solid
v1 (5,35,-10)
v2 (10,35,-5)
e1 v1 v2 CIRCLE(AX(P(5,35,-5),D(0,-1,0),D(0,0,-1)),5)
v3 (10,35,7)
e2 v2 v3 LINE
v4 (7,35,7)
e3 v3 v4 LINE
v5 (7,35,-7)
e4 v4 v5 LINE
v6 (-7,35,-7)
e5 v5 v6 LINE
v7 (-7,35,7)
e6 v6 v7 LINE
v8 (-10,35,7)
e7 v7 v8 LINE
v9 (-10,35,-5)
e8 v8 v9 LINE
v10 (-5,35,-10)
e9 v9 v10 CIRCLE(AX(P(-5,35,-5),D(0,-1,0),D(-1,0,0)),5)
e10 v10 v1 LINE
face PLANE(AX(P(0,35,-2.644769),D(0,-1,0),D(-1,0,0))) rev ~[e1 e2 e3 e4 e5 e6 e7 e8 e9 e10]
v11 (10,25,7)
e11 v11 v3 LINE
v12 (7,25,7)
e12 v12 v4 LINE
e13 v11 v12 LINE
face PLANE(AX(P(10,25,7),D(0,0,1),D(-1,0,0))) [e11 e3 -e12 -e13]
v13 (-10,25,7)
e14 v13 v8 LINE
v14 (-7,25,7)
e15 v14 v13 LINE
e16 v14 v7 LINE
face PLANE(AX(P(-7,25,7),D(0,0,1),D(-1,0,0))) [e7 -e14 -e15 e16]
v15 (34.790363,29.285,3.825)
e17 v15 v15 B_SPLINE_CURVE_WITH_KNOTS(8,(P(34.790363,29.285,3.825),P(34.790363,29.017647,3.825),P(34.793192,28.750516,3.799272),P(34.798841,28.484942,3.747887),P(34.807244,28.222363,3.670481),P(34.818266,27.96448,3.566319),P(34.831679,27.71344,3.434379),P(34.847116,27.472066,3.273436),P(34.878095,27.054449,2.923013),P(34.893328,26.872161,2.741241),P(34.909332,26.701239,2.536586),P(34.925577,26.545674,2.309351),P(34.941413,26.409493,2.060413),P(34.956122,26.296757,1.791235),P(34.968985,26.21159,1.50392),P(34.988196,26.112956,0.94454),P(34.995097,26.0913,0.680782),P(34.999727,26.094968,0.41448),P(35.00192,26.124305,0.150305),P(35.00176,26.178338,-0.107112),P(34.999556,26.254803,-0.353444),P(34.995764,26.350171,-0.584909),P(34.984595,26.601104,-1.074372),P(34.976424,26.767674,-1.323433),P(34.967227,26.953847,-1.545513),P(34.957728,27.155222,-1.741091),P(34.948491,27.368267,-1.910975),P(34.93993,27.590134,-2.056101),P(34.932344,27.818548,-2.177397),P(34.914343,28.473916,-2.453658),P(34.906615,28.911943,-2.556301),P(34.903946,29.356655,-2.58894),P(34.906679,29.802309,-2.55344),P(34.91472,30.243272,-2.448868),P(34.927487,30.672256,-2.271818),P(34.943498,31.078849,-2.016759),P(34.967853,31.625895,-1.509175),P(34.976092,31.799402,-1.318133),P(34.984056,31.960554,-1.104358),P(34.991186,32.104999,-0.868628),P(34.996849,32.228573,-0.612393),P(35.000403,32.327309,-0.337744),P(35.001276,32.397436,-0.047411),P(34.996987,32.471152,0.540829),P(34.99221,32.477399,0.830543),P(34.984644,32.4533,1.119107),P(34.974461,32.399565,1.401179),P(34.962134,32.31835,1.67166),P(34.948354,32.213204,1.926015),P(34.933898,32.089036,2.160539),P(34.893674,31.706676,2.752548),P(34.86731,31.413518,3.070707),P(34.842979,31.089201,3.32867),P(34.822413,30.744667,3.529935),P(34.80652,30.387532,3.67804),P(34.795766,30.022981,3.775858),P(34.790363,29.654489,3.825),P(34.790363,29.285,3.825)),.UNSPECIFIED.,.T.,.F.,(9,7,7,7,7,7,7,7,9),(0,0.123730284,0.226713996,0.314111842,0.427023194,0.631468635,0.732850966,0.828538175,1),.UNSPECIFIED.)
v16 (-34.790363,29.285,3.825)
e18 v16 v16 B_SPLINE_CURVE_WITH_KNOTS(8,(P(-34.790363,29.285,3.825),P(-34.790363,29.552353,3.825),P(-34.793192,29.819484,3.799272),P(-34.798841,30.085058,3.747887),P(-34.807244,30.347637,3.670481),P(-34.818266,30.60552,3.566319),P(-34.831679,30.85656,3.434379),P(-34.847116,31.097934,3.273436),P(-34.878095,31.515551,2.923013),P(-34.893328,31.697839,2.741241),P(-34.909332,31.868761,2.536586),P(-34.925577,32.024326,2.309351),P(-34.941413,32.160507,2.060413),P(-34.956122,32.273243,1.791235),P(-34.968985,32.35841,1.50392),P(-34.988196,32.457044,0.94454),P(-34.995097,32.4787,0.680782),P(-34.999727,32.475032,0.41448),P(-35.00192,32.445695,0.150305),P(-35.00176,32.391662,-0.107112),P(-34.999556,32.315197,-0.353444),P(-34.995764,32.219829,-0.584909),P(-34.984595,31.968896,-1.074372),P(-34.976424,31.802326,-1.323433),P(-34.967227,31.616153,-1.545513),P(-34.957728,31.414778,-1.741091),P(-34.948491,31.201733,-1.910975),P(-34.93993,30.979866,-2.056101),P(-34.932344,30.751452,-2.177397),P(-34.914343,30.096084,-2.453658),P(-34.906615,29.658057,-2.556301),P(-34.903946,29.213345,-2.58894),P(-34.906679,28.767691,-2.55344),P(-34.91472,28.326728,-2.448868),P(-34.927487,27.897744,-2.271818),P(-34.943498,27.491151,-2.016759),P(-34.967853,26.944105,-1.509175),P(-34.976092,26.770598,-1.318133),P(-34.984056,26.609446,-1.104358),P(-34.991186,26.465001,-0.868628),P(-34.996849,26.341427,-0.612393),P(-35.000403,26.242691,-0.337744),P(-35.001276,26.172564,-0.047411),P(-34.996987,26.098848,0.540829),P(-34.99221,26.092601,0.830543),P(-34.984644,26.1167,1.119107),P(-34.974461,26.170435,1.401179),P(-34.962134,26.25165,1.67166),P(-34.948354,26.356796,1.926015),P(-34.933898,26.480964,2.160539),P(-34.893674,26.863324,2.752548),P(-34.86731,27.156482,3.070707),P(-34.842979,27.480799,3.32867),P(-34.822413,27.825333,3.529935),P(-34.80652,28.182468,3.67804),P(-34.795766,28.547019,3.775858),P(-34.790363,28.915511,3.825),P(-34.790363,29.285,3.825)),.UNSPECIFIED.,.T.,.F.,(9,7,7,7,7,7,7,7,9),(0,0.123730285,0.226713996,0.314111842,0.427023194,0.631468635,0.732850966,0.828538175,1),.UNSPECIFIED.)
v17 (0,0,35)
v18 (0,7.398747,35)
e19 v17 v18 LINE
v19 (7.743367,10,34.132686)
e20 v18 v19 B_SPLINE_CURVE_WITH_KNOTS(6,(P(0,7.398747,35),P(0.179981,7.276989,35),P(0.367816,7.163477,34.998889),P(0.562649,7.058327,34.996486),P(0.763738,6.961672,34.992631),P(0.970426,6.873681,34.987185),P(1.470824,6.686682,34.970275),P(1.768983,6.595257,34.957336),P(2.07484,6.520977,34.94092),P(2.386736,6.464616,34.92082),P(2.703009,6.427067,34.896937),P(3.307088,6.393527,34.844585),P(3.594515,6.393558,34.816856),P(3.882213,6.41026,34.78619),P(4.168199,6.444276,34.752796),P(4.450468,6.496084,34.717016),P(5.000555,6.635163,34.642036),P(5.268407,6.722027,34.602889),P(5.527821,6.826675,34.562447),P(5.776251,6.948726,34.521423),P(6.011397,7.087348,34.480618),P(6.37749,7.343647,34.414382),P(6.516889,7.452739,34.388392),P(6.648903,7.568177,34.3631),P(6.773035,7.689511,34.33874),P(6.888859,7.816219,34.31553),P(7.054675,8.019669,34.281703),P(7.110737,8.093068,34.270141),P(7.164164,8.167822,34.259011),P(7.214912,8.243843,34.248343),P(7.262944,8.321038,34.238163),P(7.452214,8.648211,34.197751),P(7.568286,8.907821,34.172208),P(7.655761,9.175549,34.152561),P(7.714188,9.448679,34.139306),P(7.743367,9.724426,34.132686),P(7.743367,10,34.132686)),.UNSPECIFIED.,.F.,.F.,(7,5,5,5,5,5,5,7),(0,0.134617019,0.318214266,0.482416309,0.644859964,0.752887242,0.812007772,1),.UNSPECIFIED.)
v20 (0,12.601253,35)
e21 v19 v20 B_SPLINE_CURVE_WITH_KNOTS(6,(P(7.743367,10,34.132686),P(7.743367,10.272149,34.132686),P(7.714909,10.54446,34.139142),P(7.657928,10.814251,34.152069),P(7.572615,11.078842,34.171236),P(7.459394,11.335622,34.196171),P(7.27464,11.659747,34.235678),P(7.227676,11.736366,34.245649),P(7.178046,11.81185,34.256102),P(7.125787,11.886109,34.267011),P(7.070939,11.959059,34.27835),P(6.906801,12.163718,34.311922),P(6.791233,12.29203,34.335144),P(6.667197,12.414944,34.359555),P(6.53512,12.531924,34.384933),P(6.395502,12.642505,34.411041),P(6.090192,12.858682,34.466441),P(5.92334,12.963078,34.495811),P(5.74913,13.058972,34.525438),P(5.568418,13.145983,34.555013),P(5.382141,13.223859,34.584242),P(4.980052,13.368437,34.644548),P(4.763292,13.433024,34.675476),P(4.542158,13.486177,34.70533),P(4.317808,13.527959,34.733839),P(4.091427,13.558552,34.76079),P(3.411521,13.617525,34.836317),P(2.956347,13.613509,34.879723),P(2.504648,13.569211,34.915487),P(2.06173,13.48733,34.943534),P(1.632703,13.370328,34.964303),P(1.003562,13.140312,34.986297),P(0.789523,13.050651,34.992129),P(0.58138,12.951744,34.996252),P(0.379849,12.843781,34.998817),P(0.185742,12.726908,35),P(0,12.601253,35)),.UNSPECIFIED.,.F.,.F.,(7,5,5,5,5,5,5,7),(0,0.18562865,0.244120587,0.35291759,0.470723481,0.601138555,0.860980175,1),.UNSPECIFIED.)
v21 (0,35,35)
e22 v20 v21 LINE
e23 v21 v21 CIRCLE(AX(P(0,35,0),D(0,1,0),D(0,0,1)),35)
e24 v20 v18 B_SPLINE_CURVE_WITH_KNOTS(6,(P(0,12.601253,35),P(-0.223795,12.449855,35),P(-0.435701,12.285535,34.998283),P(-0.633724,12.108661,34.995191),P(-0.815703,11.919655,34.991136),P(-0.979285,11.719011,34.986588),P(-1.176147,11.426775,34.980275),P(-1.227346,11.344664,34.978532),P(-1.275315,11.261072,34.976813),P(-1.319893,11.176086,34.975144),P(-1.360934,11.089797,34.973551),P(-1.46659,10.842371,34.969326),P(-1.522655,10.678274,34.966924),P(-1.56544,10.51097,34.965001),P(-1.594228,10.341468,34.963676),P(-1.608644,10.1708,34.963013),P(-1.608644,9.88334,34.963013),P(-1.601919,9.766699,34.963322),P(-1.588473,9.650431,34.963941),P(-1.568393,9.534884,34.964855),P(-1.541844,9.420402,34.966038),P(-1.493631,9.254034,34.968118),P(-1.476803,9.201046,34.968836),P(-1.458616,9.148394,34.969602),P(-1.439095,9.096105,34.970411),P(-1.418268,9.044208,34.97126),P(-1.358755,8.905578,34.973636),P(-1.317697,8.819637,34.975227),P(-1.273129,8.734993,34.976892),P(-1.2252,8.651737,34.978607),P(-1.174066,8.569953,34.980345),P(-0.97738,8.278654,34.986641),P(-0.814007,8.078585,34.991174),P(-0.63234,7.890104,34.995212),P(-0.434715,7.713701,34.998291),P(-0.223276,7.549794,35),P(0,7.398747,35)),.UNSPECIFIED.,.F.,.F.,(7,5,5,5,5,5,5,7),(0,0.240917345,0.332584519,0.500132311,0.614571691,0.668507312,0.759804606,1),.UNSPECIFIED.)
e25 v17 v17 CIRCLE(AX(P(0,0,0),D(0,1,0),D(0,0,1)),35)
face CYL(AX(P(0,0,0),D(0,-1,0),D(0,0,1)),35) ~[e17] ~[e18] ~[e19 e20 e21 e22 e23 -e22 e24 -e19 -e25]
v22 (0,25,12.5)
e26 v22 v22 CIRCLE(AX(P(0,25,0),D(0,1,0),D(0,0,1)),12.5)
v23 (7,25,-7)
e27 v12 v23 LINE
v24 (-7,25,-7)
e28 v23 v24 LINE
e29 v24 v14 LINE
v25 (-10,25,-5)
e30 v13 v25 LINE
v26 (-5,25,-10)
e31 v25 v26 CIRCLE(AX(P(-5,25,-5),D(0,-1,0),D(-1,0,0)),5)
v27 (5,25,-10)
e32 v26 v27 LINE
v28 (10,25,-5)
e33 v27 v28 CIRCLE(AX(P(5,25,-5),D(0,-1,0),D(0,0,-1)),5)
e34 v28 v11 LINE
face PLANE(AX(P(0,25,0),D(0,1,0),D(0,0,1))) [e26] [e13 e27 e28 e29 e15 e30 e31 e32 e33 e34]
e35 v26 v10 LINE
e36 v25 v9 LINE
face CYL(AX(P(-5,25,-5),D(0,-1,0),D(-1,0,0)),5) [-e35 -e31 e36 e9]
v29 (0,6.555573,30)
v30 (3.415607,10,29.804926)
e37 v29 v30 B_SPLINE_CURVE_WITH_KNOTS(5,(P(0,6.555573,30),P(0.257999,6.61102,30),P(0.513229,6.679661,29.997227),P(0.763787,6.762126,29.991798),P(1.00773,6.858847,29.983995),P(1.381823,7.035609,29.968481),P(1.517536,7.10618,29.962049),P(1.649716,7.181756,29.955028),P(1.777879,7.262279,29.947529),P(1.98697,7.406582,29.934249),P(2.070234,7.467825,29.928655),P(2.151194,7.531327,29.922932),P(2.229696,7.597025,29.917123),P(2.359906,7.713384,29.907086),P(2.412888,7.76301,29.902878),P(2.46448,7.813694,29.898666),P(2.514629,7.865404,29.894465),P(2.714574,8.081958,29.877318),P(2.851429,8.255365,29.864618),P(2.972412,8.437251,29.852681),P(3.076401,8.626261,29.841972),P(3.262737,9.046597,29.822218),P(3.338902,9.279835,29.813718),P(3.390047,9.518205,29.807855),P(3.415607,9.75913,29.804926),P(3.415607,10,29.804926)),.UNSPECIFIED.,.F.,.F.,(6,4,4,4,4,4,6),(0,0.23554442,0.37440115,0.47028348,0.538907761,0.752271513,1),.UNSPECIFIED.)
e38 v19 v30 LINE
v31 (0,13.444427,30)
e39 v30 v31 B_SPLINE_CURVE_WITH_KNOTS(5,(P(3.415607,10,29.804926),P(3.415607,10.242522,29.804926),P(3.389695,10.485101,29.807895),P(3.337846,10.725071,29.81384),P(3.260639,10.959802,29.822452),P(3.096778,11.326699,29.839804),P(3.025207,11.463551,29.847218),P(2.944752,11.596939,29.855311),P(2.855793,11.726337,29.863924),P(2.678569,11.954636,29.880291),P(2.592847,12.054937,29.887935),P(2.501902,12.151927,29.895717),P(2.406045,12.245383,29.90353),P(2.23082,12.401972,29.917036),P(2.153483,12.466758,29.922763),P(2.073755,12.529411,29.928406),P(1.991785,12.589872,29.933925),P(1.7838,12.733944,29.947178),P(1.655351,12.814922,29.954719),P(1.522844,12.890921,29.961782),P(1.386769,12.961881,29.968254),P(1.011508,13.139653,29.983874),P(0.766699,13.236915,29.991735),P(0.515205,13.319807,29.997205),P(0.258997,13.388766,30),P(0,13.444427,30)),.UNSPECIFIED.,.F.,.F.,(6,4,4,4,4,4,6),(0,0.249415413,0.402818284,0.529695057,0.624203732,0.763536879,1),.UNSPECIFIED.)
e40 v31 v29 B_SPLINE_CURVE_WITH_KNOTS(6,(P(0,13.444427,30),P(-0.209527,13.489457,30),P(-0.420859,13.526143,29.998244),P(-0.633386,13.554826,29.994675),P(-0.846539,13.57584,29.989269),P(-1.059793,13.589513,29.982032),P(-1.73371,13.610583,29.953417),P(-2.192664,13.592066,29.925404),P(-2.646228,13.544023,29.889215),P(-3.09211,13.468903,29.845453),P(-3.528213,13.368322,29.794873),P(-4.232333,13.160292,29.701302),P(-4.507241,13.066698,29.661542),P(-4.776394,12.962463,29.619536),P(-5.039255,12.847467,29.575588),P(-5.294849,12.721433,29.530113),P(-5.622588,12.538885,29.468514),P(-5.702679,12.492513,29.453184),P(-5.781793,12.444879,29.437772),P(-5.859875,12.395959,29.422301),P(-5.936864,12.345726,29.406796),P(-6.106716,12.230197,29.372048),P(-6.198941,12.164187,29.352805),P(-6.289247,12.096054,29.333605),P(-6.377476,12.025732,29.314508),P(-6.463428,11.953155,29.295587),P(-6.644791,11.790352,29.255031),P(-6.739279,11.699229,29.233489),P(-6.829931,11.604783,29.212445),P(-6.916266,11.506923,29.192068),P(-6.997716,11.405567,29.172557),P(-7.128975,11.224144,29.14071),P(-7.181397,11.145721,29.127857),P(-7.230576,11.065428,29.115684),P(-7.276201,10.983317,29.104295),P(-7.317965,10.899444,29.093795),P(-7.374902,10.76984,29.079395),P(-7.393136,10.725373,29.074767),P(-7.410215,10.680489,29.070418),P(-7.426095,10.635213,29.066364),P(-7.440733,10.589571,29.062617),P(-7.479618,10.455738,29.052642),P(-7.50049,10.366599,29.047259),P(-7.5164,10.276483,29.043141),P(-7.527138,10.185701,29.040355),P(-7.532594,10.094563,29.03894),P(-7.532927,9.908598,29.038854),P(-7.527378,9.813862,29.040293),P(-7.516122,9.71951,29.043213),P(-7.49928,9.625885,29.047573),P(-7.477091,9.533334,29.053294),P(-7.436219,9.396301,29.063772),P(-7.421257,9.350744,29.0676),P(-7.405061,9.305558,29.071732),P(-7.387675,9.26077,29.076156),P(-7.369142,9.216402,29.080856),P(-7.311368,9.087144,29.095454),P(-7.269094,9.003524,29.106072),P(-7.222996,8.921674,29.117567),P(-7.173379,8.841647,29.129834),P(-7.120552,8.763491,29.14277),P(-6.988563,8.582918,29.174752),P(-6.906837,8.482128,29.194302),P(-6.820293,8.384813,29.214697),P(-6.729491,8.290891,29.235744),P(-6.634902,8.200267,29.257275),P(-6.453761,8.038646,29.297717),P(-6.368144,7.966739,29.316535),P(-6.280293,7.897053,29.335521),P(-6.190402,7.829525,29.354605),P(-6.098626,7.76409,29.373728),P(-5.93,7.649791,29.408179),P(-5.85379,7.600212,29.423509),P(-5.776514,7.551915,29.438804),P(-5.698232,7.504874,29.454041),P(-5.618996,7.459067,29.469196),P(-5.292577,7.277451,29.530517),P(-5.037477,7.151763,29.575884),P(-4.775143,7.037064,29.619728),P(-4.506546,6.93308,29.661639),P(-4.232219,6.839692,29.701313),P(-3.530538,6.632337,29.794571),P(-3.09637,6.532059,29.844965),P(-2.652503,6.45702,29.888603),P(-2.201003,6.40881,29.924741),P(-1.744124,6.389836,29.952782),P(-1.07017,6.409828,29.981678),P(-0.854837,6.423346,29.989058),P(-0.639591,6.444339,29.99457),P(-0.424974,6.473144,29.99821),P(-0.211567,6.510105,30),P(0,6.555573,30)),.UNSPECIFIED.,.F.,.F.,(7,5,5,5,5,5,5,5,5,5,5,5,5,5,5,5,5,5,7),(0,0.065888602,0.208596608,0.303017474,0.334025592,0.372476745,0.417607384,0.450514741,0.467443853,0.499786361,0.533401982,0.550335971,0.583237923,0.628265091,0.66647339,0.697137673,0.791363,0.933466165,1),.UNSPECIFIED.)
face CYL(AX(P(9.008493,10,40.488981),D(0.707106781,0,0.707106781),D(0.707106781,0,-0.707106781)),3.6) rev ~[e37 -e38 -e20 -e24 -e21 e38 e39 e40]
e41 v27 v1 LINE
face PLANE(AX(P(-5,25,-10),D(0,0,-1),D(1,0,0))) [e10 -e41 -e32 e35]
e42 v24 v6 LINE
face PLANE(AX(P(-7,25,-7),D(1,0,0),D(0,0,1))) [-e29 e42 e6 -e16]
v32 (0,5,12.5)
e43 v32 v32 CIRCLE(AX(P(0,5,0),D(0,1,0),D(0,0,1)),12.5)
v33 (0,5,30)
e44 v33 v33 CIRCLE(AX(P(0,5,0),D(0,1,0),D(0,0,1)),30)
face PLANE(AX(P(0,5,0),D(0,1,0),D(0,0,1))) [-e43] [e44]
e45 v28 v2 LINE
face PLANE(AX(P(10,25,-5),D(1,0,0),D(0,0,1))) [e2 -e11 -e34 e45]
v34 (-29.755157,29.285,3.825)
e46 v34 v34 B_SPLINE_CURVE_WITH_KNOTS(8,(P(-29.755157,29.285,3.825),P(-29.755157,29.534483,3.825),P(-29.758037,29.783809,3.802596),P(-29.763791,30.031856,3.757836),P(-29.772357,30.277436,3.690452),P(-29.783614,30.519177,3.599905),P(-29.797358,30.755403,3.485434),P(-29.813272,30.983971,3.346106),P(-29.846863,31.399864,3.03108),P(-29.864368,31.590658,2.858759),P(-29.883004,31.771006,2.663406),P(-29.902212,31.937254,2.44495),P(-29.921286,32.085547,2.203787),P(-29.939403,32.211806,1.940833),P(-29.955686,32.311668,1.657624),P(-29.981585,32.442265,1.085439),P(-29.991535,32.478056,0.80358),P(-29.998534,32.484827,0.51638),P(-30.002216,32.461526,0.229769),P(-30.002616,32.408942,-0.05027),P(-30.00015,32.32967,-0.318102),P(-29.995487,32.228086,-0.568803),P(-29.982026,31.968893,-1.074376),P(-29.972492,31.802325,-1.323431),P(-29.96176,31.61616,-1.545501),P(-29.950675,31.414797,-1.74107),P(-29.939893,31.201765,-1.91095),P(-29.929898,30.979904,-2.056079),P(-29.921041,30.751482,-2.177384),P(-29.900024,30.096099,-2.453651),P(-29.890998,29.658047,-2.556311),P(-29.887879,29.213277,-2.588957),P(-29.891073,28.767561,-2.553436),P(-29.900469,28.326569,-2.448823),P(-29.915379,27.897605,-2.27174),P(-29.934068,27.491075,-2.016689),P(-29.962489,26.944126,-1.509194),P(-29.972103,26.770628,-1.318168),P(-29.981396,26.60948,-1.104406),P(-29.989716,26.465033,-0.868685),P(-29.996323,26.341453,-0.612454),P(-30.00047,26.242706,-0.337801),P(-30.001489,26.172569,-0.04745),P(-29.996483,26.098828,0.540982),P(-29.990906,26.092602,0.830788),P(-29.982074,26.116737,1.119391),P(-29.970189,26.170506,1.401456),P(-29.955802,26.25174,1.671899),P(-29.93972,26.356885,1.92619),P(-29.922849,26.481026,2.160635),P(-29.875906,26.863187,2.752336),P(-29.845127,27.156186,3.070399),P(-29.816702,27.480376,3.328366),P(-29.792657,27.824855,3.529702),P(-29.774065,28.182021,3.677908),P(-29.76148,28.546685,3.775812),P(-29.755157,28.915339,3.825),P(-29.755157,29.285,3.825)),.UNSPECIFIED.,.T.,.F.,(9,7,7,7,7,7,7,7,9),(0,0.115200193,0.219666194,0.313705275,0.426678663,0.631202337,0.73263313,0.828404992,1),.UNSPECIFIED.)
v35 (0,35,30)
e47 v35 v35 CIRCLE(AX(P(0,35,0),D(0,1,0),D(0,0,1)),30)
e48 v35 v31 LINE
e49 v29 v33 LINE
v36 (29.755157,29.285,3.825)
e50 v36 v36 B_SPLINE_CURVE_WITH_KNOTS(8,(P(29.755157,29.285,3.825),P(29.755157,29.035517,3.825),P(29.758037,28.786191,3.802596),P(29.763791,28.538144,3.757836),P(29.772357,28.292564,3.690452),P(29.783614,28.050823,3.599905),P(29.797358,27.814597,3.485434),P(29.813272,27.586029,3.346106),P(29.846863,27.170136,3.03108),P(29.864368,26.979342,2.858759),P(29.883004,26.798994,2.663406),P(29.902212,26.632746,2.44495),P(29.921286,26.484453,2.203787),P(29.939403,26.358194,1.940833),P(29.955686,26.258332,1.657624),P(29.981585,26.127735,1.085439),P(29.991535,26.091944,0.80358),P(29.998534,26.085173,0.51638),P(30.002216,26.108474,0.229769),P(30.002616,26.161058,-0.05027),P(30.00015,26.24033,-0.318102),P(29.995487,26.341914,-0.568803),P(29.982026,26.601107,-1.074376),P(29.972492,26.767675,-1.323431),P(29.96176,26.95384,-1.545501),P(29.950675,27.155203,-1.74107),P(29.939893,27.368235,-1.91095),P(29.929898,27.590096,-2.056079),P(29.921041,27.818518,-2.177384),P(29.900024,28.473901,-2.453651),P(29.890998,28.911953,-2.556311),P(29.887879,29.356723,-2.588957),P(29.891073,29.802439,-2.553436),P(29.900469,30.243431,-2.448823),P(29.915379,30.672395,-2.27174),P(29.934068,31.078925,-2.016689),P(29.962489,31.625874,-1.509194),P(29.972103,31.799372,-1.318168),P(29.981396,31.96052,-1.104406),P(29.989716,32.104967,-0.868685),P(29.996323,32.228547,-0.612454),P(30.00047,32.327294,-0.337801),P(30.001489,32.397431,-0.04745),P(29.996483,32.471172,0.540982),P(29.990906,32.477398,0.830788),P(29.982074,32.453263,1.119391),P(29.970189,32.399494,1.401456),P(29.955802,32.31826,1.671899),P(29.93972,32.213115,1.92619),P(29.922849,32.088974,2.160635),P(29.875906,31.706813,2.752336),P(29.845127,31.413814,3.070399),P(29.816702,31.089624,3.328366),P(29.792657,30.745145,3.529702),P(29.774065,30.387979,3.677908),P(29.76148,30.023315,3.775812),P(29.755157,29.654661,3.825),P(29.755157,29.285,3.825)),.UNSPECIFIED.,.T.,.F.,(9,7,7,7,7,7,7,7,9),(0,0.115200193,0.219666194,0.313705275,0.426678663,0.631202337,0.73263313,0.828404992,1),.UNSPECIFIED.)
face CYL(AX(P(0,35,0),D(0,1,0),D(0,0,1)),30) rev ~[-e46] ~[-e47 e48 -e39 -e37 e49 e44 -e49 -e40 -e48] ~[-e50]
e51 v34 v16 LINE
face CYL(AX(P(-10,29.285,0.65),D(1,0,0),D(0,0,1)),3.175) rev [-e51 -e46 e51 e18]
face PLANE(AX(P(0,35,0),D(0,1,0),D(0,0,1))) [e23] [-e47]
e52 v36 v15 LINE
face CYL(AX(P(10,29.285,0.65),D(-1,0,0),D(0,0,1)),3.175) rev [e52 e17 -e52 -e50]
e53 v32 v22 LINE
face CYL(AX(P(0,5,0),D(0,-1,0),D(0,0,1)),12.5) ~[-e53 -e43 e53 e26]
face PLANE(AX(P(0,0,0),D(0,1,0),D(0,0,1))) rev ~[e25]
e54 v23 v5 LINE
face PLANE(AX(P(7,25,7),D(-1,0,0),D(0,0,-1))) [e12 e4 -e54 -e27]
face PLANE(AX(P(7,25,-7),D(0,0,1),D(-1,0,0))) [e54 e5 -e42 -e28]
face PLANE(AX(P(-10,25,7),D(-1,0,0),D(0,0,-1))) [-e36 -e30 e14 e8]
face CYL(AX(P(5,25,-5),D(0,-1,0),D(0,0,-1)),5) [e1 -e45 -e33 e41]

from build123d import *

# Parameters (mm, degrees)
SKETCH1_R           = 35
BOSS_EXTRUDE1_DEPTH = 35
SKETCH3_R           = 30
CUT_EXTRUDE1_DEPTH  = 30
SKETCH4_R           = 12.5
BOSS_EXTRUDE2_DEPTH = 20
SKETCH5_R           = 3.6
CUT_EXTRUDE2_DEPTH  = 20
BOSS_EXTRUDE3_DEPTH = 10
SKETCH8_R           = 3.175
CUT_EXTRUDE4_DEPTH  = 67.895440973
SKETCH10_R          = 3.175
CUT_EXTRUDE5_DEPTH  = 67.895440995


with BuildPart() as part:
    # Sketch1 → Boss-Extrude1 (new body)
    with BuildSketch(Plane(origin=(0, 0, 0), x_dir=(1, 0, 0), z_dir=(0, 1, 0))):
        with Locations(Location((0, 0, 0), (0, 0, 270))):
            Circle(SKETCH1_R)
    extrude(amount=BOSS_EXTRUDE1_DEPTH)

    # Sketch3 → Cut-Extrude1 (cut)
    with BuildSketch(Plane(origin=(0, 35, 0), x_dir=(1, 0, 0), z_dir=(0, 1, 0))):
        with Locations(Location((0, 0, 0), (0, 0, 270))):
            Circle(SKETCH3_R)
    extrude(amount=-CUT_EXTRUDE1_DEPTH, mode=Mode.SUBTRACT)

    # Sketch4 → Boss-Extrude2 (add)
    with BuildSketch(Plane(origin=(0, 5, 0), x_dir=(1, 0, 0), z_dir=(0, 1, 0))):
        with Locations(Location((0, 0, 0), (0, 0, 270))):
            Circle(SKETCH4_R)
    extrude(amount=BOSS_EXTRUDE2_DEPTH)

    # Sketch5 → Cut-Extrude2 (cut)
    with BuildSketch(Plane(origin=(24.748737342, 0, 24.748737342), x_dir=(0, -1, 0), z_dir=(0.7071067811865488, 0, 0.7071067811865464))):
        with Locations(Location((-10, -22.260066462, 0), (0, 0, 90))):
            Circle(SKETCH5_R)
    extrude(amount=-CUT_EXTRUDE2_DEPTH, mode=Mode.SUBTRACT)

    # Sketch6 → Boss-Extrude3 (add)
    with BuildSketch(Plane(origin=(0, 25, 0), x_dir=(1, 0, 0), z_dir=(0, 1, 0))):
        with BuildLine():
            Line((-10, -7), (-10, 5))
            ThreePointArc((-10, 5), (-8.535533906, 8.535533906), (-5, 10))
            Line((-5, 10), (5, 10))
            ThreePointArc((5, 10), (8.535533906, 8.535533906), (10, 5))
            Line((10, 5), (10, -7))
            Line((10, -7), (7, -7))
            Line((7, -7), (7, 7))
            Line((7, 7), (-7, 7))
            Line((-7, 7), (-7, -7))
            Line((-7, -7), (-10, -7))
        make_face()
    extrude(amount=BOSS_EXTRUDE3_DEPTH)

    # Sketch8 → Cut-Extrude4 (cut, through all)
    with BuildSketch(Plane(origin=(10, 0, 0), x_dir=(0, 0, -1), z_dir=(1, 0, 0))):
        with Locations(Location((-0.65, 29.285, 0), (0, 0, 180))):
            Circle(SKETCH8_R)
    extrude(amount=CUT_EXTRUDE4_DEPTH, mode=Mode.SUBTRACT)

    # Sketch10 → Cut-Extrude5 (cut, through all)
    with BuildSketch(Plane.ZY.offset(10)):
        with Locations((0.65, 29.285)):
            Circle(SKETCH10_R)
    extrude(amount=CUT_EXTRUDE5_DEPTH, mode=Mode.SUBTRACT)


solid = part.part
